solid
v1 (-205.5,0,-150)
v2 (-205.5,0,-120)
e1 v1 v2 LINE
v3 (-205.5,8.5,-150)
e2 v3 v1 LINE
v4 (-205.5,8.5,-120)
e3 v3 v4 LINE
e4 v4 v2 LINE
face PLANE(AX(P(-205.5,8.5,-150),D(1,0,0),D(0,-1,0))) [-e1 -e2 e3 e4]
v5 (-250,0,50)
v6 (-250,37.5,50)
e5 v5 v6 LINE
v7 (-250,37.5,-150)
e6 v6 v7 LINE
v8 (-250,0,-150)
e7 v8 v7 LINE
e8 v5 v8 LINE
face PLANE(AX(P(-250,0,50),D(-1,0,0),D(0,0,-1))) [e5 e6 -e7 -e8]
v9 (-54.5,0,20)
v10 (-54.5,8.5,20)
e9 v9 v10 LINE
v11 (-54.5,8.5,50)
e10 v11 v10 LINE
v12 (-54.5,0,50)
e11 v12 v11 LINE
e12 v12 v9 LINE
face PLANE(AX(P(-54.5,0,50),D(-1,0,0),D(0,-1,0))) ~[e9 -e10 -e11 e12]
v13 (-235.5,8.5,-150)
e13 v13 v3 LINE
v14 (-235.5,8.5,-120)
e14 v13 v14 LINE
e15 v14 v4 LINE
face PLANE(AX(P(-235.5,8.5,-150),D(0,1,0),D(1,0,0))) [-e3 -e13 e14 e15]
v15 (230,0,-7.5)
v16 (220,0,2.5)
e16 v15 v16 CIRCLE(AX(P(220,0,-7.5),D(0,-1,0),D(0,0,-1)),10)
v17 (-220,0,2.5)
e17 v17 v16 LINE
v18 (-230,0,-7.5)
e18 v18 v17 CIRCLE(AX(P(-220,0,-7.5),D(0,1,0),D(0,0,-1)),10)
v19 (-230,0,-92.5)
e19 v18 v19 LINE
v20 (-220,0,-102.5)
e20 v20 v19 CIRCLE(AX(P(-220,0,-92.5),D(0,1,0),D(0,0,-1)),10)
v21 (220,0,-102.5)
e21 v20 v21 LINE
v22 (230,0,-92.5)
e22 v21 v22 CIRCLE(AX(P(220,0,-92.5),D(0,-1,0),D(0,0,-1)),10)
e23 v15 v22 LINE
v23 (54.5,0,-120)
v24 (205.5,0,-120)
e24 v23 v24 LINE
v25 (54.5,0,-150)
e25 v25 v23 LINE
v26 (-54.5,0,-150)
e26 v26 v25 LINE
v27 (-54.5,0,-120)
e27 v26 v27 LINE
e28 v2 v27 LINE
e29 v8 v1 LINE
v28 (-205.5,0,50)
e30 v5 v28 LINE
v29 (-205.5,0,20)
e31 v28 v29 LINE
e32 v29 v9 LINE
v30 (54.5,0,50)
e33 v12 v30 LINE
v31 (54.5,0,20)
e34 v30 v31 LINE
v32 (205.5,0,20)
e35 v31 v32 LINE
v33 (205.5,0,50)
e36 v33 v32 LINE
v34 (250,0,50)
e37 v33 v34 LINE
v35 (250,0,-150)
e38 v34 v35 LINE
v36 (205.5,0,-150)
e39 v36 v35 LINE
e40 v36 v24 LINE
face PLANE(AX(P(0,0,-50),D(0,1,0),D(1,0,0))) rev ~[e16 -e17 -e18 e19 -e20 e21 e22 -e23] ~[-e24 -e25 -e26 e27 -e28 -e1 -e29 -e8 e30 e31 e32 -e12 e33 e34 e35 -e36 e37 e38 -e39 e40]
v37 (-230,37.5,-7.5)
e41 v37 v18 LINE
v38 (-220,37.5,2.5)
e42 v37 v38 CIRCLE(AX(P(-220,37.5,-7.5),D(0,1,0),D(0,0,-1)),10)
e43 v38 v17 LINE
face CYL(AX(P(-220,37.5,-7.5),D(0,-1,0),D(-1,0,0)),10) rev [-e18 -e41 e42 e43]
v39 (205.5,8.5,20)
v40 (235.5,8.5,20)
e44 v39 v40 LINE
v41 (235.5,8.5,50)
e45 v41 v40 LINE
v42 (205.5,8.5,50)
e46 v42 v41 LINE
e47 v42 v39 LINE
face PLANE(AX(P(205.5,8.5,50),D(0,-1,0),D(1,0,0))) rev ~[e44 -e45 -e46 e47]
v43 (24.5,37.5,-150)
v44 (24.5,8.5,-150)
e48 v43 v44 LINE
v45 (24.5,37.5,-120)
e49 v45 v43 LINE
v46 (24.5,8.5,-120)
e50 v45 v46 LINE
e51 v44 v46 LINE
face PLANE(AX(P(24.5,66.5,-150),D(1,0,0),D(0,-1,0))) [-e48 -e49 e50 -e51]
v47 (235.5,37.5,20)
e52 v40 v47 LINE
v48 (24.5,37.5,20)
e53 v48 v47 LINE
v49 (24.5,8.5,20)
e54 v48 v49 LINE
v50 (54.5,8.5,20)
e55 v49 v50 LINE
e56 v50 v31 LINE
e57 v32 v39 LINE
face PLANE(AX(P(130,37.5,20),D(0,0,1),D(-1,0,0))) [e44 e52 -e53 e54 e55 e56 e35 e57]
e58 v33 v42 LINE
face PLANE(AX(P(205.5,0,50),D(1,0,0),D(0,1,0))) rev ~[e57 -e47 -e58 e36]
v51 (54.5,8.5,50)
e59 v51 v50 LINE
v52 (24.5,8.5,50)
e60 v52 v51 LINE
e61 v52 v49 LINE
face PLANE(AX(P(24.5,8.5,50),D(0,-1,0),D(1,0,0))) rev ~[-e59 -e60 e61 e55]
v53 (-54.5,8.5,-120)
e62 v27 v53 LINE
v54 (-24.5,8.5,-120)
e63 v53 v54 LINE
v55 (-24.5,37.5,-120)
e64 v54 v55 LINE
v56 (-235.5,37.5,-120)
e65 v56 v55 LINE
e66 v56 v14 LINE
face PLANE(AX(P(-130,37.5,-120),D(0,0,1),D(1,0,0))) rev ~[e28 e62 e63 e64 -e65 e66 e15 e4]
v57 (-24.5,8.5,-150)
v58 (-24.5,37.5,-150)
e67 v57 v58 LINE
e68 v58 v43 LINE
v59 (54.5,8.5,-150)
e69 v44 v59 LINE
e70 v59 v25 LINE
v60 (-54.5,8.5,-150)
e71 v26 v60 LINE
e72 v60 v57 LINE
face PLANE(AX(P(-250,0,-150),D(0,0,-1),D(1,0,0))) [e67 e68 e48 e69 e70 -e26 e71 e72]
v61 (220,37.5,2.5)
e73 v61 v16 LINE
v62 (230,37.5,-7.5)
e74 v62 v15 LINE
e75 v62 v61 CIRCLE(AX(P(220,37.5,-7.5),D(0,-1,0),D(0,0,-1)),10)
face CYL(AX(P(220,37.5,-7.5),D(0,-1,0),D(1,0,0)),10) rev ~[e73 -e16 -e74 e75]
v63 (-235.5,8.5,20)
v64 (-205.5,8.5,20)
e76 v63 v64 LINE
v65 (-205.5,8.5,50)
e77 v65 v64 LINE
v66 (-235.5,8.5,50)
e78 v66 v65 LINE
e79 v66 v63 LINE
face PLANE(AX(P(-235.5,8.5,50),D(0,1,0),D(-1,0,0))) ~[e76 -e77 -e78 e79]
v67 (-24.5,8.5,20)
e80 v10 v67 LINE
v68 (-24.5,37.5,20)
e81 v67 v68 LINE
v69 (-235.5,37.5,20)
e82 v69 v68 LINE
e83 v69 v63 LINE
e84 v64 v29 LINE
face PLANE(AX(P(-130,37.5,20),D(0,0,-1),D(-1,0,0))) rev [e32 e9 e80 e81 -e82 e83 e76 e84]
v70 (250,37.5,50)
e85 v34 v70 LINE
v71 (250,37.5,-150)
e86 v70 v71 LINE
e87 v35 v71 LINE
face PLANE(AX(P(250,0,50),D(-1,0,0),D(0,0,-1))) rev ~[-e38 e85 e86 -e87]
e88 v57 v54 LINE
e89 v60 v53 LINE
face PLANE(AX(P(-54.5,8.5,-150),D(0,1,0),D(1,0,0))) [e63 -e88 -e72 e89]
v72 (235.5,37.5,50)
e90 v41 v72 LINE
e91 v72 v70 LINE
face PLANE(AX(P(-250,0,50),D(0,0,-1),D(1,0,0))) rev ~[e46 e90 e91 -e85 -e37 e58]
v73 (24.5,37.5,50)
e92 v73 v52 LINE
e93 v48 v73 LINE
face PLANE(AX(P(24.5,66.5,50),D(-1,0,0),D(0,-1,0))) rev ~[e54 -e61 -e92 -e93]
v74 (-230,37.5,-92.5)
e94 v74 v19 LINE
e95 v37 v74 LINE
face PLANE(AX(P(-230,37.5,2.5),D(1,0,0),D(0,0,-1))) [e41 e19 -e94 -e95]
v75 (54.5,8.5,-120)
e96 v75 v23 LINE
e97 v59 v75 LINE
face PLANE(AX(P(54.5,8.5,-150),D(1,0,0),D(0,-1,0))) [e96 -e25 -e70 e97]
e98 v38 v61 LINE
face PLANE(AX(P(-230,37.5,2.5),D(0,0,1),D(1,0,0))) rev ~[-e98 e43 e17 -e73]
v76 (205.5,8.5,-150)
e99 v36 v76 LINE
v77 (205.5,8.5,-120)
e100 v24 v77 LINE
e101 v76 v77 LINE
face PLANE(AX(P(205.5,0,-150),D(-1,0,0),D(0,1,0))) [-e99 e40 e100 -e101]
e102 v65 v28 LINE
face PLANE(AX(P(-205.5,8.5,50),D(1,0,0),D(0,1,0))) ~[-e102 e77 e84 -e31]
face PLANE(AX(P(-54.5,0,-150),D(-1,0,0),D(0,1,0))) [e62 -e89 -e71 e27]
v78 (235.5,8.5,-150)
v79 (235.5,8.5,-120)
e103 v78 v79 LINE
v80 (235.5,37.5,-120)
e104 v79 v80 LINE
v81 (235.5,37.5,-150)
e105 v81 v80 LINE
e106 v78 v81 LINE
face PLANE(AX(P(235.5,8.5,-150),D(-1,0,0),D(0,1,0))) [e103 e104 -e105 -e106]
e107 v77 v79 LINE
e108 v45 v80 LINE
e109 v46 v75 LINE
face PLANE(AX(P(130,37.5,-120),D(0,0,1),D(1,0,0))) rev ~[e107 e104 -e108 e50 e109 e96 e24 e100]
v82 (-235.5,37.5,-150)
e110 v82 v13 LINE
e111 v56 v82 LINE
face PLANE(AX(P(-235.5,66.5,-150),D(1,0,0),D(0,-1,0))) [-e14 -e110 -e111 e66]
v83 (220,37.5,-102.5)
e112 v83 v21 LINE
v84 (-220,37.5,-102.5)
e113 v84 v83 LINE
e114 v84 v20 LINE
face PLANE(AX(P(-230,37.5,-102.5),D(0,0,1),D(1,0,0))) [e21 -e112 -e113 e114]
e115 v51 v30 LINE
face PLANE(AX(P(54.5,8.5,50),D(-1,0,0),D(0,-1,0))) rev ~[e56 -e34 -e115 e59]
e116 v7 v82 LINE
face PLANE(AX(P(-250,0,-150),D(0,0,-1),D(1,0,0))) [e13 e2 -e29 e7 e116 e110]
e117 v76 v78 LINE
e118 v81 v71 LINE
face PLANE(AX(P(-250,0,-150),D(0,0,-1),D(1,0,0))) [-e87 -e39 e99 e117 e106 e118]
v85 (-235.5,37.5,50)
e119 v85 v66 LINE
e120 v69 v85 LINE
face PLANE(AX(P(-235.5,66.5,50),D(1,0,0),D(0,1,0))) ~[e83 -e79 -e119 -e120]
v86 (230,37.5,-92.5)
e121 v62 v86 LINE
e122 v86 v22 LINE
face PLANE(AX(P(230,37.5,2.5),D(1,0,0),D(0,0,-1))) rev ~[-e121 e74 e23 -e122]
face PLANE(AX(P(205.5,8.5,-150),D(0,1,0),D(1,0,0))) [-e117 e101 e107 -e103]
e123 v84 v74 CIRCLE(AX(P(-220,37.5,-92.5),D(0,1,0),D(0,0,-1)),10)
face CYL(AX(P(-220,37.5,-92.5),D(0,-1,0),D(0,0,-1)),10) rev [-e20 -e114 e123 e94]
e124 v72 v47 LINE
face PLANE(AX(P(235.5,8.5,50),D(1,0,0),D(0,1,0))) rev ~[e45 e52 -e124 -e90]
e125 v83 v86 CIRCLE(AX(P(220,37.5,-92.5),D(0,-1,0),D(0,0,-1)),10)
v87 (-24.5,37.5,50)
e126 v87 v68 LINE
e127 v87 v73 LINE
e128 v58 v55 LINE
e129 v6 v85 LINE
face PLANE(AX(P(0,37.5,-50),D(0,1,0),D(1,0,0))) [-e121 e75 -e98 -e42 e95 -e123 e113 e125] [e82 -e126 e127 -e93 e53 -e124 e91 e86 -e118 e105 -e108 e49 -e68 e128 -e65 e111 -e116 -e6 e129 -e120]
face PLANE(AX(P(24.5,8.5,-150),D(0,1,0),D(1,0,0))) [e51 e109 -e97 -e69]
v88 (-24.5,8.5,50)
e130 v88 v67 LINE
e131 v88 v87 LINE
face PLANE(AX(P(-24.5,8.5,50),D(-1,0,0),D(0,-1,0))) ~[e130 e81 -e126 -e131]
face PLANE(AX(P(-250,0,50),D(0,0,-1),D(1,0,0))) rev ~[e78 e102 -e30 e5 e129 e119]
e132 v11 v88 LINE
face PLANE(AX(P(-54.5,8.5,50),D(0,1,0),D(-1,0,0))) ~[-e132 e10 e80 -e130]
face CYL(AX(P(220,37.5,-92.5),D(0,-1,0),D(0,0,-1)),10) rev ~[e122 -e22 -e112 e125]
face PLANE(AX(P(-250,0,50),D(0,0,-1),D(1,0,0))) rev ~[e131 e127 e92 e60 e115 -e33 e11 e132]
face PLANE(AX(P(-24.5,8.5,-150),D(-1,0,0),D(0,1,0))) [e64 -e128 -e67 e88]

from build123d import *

# Parameters (mm, degrees)
SKETCH2_W            = 500
SKETCH2_H            = 200
BOSS_EXTRUDE1_DEPTH  = 37.5
CUT_EXTRUDE3_DEPTH   = 30
LPATTERN1_COUNT      = 2
LPATTERN1_PITCH      = 260
MIRROR1_COPY_1_DEPTH = 30
SKETCH7_W            = 460
SKETCH7_H            = 105
CUT_EXTRUDE4_DEPTH   = 160
FILLET1_R            = 10
FILLET2_R            = 10
FILLET3_R            = 10
FILLET4_R            = 10


with BuildPart() as part:
    # Sketch2 → Boss-Extrude1 (new body)
    with BuildSketch(Plane(origin=(0, 0, 0), x_dir=(1, 0, 0), z_dir=(0, 1, 0))):
        with Locations((0, 50)):
            Rectangle(SKETCH2_W, SKETCH2_H)
    extrude(amount=BOSS_EXTRUDE1_DEPTH)

    # Sketch5 → Cut-Extrude3 (cut)
    with BuildSketch(Plane(origin=(0, 0, -150), x_dir=(-1, 0, 0), z_dir=(0, 0, -1))):
        Polygon((24.5, 66.5), (54.5, 66.5), (54.5, 75), (205.5, 75), (205.5, 66.5), (235.5, 66.5), (235.5, 8.5), (205.5, 8.5), (205.5, 0), (54.5, 0), (54.5, 8.5), (24.5, 8.5), align=None)
    cut_extrude3 = extrude(amount=-CUT_EXTRUDE3_DEPTH, mode=Mode.SUBTRACT)

    # LPattern1: Cut-Extrude3 ×2
    with Locations(*[(i * LPATTERN1_PITCH, 0, 0) for i in range(1, LPATTERN1_COUNT)]):
        add(cut_extrude3, mode=Mode.SUBTRACT)

    # Mirror1: Cut-Extrude3 across plane
    add(cut_extrude3.mirror(Plane.XY.offset(-50)), mode=Mode.SUBTRACT)

    # Mirror1 copy 1 sketch → Mirror1 copy 1 (cut)
    with BuildSketch(Plane(origin=(260, 0, 50), x_dir=(-1, 0, 0), z_dir=(0, 0, 1))):
        Polygon((24.5, -66.5), (54.5, -66.5), (54.5, -75), (205.5, -75), (205.5, -66.5), (235.5, -66.5), (235.5, -8.5), (205.5, -8.5), (205.5, 0), (54.5, 0), (54.5, -8.5), (24.5, -8.5), align=None)
    extrude(amount=-MIRROR1_COPY_1_DEPTH, mode=Mode.SUBTRACT)

    # Sketch7 → Cut-Extrude4 (cut)
    with BuildSketch(Plane(origin=(0, 37.5, 0), x_dir=(1, 0, 0), z_dir=(0, 1, 0))):
        with Locations((0, 50)):
            Rectangle(SKETCH7_W, SKETCH7_H)
    extrude(amount=-CUT_EXTRUDE4_DEPTH, mode=Mode.SUBTRACT)

    # Fillet1
    fillet1_edges = [part.edges().sort_by_distance(p)[0] for p in [
        (-230, 18.75, -102.5),
    ]]
    fillet(fillet1_edges, radius=FILLET1_R)

    # Fillet2
    fillet2_edges = [part.edges().sort_by_distance(p)[0] for p in [
        (-230, 18.75, 2.5),
    ]]
    fillet(fillet2_edges, radius=FILLET2_R)

    # Fillet3
    fillet3_edges = [part.edges().sort_by_distance(p)[0] for p in [
        (230, 18.75, -102.5),
    ]]
    fillet(fillet3_edges, radius=FILLET3_R)

    # Fillet4
    fillet4_edges = [part.edges().sort_by_distance(p)[0] for p in [
        (230, 18.75, 2.5),
    ]]
    fillet(fillet4_edges, radius=FILLET4_R)


solid = part.part
